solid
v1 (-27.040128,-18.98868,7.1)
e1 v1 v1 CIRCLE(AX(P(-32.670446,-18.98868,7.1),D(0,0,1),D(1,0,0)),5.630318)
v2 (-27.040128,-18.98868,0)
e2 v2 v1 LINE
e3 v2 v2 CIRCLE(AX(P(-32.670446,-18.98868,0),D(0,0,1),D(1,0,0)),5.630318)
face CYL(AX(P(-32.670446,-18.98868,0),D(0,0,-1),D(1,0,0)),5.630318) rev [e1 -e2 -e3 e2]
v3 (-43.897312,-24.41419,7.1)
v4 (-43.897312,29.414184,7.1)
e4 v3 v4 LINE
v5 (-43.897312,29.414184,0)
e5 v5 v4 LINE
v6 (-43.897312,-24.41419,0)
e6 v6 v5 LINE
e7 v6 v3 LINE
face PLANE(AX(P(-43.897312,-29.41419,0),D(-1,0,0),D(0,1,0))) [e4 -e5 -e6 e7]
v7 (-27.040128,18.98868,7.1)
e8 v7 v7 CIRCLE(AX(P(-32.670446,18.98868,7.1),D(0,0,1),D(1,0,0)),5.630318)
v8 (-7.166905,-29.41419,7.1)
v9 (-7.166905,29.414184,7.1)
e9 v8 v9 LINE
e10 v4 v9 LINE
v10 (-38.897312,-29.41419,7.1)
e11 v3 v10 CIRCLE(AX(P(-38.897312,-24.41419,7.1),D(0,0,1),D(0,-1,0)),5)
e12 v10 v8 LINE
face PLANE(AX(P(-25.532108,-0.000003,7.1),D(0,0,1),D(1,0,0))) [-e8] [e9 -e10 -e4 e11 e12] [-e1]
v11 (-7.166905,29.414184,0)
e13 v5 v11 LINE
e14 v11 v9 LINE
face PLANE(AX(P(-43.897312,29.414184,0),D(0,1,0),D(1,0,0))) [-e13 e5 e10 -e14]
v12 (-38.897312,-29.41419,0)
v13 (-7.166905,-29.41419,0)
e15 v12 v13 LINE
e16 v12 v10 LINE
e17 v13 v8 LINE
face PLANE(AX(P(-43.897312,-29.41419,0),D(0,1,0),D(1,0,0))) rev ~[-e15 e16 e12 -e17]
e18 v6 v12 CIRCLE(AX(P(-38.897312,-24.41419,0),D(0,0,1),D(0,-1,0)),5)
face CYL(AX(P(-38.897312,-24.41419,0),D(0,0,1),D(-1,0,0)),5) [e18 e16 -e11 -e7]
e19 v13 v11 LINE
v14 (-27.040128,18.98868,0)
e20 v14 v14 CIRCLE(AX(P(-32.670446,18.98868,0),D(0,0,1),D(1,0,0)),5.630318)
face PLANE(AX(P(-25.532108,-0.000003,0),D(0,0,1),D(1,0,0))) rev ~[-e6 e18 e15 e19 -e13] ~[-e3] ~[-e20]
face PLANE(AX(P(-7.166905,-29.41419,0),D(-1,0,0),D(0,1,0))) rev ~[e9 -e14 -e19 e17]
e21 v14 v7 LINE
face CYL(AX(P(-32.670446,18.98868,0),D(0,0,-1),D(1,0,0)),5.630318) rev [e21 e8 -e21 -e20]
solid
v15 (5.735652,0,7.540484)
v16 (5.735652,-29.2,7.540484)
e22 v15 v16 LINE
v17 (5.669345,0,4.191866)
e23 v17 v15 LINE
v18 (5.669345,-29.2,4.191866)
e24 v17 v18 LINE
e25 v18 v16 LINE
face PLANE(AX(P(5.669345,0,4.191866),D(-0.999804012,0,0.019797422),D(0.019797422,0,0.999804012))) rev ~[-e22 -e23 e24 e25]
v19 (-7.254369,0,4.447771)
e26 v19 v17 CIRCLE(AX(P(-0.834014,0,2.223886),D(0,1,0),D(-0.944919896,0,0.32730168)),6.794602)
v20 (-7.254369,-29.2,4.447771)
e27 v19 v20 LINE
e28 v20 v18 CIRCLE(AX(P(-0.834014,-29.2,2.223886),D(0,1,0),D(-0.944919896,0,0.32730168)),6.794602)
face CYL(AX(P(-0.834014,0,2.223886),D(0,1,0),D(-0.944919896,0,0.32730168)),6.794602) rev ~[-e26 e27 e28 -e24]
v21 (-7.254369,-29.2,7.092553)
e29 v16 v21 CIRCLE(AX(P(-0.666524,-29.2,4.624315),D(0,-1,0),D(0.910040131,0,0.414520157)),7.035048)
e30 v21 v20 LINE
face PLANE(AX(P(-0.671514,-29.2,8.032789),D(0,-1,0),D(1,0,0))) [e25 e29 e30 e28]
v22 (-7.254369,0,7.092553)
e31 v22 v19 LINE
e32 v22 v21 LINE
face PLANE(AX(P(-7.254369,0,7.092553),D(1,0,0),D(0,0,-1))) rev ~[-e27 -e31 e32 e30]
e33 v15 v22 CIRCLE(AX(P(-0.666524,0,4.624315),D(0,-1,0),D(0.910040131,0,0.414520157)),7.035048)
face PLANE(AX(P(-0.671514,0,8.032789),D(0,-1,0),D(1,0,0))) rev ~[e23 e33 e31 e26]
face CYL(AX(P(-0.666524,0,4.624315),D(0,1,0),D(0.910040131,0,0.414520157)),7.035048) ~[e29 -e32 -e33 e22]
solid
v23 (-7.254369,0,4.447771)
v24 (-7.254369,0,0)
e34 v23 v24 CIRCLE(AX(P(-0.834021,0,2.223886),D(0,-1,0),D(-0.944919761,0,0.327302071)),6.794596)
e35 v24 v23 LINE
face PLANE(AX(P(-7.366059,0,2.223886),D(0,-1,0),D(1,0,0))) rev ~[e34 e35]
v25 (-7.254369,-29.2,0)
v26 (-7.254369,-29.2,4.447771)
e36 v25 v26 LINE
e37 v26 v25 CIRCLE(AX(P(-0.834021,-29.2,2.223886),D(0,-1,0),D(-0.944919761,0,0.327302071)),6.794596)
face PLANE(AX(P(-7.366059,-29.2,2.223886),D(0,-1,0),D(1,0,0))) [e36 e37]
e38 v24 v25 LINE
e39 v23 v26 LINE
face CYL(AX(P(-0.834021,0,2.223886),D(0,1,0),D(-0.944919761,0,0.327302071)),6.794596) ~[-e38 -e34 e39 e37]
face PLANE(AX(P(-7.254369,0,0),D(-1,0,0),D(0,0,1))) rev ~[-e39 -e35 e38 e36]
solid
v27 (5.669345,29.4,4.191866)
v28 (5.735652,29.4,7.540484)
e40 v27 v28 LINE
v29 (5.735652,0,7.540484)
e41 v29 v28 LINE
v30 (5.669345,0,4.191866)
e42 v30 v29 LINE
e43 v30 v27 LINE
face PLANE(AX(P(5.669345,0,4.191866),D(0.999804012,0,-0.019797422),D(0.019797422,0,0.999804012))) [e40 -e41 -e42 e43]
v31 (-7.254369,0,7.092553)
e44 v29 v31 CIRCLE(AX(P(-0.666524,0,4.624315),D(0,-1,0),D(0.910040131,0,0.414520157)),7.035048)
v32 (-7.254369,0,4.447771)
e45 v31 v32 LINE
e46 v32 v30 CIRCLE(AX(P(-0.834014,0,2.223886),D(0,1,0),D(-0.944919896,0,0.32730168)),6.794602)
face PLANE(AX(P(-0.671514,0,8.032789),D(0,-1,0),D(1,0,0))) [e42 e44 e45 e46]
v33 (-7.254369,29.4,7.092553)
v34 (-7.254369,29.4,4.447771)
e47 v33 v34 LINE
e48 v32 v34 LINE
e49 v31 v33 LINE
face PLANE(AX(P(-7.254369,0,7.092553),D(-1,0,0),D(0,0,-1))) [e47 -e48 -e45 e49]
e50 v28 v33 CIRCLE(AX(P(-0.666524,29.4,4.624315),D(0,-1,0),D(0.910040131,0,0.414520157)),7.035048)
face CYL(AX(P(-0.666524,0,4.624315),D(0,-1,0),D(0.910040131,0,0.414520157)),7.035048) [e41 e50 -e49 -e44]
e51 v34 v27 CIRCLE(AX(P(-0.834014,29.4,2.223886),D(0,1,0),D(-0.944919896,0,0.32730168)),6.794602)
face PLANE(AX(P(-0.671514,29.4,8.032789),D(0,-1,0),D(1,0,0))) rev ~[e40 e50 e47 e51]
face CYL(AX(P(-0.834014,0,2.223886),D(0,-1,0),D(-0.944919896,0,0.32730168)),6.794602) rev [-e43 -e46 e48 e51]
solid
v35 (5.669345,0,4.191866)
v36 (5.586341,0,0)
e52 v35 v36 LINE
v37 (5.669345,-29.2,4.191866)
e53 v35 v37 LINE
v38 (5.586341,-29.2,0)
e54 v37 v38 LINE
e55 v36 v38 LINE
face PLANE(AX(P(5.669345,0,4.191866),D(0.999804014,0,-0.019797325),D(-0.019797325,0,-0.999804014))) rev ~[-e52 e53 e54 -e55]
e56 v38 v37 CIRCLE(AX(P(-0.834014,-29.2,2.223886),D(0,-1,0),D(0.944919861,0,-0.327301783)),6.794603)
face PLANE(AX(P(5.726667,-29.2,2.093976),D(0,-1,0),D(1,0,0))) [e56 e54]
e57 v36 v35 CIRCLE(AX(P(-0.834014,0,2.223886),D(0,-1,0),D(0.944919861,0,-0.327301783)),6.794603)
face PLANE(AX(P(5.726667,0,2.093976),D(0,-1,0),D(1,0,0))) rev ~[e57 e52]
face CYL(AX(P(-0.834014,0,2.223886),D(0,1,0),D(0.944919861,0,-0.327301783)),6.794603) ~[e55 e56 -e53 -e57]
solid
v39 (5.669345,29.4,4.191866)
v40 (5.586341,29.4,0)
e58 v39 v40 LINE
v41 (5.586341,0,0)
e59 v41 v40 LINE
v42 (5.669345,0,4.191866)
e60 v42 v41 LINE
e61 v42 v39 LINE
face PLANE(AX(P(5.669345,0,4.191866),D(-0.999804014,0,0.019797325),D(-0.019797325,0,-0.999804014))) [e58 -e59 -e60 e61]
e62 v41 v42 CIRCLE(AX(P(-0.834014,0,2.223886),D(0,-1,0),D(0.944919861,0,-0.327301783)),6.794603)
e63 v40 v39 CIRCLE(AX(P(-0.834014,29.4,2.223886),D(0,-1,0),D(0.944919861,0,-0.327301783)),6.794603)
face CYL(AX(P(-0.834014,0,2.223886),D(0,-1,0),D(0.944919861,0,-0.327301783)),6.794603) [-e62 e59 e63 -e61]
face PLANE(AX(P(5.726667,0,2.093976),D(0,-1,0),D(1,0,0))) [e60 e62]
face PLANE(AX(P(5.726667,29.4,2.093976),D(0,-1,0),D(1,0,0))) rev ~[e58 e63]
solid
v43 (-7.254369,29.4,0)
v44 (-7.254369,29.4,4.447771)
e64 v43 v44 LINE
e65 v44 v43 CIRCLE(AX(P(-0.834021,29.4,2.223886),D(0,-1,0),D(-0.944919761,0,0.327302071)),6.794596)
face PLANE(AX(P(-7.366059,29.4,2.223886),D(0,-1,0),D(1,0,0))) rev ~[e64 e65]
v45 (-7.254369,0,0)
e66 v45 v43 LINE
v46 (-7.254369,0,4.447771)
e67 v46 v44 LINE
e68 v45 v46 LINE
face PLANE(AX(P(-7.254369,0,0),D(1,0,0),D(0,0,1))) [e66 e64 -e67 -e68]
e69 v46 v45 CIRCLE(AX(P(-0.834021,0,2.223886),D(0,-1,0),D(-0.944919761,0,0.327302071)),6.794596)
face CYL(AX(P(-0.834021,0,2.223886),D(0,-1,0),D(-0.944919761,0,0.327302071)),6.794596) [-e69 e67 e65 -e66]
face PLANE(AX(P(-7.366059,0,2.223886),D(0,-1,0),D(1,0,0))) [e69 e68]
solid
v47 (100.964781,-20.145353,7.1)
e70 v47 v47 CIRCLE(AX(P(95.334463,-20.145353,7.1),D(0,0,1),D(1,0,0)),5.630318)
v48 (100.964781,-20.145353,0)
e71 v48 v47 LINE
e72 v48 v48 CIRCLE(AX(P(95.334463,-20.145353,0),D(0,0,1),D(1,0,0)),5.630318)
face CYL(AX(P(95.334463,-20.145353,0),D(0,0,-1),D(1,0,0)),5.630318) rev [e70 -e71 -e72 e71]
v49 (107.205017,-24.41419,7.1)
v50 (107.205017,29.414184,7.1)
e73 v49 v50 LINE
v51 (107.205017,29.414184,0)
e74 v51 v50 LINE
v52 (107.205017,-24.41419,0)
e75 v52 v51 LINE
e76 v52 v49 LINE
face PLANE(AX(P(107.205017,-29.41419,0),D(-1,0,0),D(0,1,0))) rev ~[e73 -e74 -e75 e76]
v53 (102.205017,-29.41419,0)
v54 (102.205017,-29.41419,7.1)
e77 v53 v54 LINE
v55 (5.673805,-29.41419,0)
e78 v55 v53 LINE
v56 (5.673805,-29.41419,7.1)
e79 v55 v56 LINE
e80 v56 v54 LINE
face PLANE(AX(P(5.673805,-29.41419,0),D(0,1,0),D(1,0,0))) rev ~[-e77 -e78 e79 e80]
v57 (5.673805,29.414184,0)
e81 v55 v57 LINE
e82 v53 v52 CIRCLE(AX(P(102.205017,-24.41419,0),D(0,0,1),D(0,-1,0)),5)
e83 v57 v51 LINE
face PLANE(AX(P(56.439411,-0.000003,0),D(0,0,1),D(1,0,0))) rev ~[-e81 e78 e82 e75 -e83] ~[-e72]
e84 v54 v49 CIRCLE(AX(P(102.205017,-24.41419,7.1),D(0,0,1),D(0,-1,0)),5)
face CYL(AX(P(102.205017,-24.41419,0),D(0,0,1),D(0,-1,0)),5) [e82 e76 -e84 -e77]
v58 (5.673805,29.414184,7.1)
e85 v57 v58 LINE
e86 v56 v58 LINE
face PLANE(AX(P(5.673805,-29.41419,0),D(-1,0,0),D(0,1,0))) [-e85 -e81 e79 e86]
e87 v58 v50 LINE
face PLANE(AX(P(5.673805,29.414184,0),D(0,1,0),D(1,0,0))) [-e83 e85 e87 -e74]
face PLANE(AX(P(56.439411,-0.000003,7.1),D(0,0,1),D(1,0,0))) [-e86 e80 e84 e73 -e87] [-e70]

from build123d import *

# Parameters (mm, degrees)
F0_W     = 36.730407
F0_H     = 58.828374
F0_R     = 5.630318
F0_W_2   = 101.531213
F1_DEPTH = 7.1
F3_DEPTH = 29.2
F4_DEPTH = 29.4
F5_R     = 5


with BuildPart() as f1:
    # F0 (on Top) → F1 (new body)
    with BuildSketch(Plane.XY):
        with Locations((-25.532108, -3e-06)):
            Rectangle(F0_W, F0_H)
        with Locations((-32.670446, -18.98868)):
            Circle(F0_R, mode=Mode.SUBTRACT)
        with Locations((-32.670446, 18.98868)):
            Circle(F0_R, mode=Mode.SUBTRACT)
        with Locations((56.439411, -3e-06)):
            Rectangle(F0_W_2, F0_H)
        with Locations((95.334463, -20.145353)):
            Circle(F0_R, mode=Mode.SUBTRACT)
    extrude(amount=F1_DEPTH)

    # F5
    f5_edges = [f1.edges().sort_by_distance(p)[0] for p in [
        (-43.897312, -29.41419, 3.55),
        (107.205018, -29.41419, 3.55),
    ]]
    fillet(f5_edges, radius=F5_R)


with BuildPart() as f3:
    # F2 (on Front) → F3 (new body)
    with BuildSketch(Plane.XZ):
        with BuildLine():
            Line((5.669345, 4.191866), (5.735652, 7.540484))
            ThreePointArc((5.735652, 7.540484), (-0.908968, 11.655184), (-7.254369, 7.092553))
            Line((-7.254369, 7.092553), (-7.254369, 4.447771))
            ThreePointArc((-7.254369, 4.447771), (-0.699499, 9.017157), (5.669345, 4.191866))
        make_face()
        with BuildLine():
            ThreePointArc((5.586341, 0), (5.959257, 2.08937), (5.669345, 4.191866))
            Line((5.669345, 4.191866), (5.586341, 0))
        make_face()
        with BuildLine():
            Line((-7.254369, 0), (-7.254369, 4.447771))
            ThreePointArc((-7.254369, 4.447771), (-7.628617, 2.223886), (-7.254369, 0))
        make_face()
    extrude(amount=F3_DEPTH)


with BuildPart() as f4:
    # F2 (on Front) → F4 (new body)
    with BuildSketch(Plane.XZ):
        with BuildLine():
            Line((5.669345, 4.191866), (5.735652, 7.540484))
            ThreePointArc((5.735652, 7.540484), (-0.908968, 11.655184), (-7.254369, 7.092553))
            Line((-7.254369, 7.092553), (-7.254369, 4.447771))
            ThreePointArc((-7.254369, 4.447771), (-0.699499, 9.017157), (5.669345, 4.191866))
        make_face()
        with BuildLine():
            ThreePointArc((5.586341, 0), (5.959257, 2.08937), (5.669345, 4.191866))
            Line((5.669345, 4.191866), (5.586341, 0))
        make_face()
        with BuildLine():
            Line((-7.254369, 0), (-7.254369, 4.447771))
            ThreePointArc((-7.254369, 4.447771), (-7.628617, 2.223886), (-7.254369, 0))
        make_face()
    extrude(amount=-F4_DEPTH)


solid = Compound([f1.part, f3.part, f4.part])
